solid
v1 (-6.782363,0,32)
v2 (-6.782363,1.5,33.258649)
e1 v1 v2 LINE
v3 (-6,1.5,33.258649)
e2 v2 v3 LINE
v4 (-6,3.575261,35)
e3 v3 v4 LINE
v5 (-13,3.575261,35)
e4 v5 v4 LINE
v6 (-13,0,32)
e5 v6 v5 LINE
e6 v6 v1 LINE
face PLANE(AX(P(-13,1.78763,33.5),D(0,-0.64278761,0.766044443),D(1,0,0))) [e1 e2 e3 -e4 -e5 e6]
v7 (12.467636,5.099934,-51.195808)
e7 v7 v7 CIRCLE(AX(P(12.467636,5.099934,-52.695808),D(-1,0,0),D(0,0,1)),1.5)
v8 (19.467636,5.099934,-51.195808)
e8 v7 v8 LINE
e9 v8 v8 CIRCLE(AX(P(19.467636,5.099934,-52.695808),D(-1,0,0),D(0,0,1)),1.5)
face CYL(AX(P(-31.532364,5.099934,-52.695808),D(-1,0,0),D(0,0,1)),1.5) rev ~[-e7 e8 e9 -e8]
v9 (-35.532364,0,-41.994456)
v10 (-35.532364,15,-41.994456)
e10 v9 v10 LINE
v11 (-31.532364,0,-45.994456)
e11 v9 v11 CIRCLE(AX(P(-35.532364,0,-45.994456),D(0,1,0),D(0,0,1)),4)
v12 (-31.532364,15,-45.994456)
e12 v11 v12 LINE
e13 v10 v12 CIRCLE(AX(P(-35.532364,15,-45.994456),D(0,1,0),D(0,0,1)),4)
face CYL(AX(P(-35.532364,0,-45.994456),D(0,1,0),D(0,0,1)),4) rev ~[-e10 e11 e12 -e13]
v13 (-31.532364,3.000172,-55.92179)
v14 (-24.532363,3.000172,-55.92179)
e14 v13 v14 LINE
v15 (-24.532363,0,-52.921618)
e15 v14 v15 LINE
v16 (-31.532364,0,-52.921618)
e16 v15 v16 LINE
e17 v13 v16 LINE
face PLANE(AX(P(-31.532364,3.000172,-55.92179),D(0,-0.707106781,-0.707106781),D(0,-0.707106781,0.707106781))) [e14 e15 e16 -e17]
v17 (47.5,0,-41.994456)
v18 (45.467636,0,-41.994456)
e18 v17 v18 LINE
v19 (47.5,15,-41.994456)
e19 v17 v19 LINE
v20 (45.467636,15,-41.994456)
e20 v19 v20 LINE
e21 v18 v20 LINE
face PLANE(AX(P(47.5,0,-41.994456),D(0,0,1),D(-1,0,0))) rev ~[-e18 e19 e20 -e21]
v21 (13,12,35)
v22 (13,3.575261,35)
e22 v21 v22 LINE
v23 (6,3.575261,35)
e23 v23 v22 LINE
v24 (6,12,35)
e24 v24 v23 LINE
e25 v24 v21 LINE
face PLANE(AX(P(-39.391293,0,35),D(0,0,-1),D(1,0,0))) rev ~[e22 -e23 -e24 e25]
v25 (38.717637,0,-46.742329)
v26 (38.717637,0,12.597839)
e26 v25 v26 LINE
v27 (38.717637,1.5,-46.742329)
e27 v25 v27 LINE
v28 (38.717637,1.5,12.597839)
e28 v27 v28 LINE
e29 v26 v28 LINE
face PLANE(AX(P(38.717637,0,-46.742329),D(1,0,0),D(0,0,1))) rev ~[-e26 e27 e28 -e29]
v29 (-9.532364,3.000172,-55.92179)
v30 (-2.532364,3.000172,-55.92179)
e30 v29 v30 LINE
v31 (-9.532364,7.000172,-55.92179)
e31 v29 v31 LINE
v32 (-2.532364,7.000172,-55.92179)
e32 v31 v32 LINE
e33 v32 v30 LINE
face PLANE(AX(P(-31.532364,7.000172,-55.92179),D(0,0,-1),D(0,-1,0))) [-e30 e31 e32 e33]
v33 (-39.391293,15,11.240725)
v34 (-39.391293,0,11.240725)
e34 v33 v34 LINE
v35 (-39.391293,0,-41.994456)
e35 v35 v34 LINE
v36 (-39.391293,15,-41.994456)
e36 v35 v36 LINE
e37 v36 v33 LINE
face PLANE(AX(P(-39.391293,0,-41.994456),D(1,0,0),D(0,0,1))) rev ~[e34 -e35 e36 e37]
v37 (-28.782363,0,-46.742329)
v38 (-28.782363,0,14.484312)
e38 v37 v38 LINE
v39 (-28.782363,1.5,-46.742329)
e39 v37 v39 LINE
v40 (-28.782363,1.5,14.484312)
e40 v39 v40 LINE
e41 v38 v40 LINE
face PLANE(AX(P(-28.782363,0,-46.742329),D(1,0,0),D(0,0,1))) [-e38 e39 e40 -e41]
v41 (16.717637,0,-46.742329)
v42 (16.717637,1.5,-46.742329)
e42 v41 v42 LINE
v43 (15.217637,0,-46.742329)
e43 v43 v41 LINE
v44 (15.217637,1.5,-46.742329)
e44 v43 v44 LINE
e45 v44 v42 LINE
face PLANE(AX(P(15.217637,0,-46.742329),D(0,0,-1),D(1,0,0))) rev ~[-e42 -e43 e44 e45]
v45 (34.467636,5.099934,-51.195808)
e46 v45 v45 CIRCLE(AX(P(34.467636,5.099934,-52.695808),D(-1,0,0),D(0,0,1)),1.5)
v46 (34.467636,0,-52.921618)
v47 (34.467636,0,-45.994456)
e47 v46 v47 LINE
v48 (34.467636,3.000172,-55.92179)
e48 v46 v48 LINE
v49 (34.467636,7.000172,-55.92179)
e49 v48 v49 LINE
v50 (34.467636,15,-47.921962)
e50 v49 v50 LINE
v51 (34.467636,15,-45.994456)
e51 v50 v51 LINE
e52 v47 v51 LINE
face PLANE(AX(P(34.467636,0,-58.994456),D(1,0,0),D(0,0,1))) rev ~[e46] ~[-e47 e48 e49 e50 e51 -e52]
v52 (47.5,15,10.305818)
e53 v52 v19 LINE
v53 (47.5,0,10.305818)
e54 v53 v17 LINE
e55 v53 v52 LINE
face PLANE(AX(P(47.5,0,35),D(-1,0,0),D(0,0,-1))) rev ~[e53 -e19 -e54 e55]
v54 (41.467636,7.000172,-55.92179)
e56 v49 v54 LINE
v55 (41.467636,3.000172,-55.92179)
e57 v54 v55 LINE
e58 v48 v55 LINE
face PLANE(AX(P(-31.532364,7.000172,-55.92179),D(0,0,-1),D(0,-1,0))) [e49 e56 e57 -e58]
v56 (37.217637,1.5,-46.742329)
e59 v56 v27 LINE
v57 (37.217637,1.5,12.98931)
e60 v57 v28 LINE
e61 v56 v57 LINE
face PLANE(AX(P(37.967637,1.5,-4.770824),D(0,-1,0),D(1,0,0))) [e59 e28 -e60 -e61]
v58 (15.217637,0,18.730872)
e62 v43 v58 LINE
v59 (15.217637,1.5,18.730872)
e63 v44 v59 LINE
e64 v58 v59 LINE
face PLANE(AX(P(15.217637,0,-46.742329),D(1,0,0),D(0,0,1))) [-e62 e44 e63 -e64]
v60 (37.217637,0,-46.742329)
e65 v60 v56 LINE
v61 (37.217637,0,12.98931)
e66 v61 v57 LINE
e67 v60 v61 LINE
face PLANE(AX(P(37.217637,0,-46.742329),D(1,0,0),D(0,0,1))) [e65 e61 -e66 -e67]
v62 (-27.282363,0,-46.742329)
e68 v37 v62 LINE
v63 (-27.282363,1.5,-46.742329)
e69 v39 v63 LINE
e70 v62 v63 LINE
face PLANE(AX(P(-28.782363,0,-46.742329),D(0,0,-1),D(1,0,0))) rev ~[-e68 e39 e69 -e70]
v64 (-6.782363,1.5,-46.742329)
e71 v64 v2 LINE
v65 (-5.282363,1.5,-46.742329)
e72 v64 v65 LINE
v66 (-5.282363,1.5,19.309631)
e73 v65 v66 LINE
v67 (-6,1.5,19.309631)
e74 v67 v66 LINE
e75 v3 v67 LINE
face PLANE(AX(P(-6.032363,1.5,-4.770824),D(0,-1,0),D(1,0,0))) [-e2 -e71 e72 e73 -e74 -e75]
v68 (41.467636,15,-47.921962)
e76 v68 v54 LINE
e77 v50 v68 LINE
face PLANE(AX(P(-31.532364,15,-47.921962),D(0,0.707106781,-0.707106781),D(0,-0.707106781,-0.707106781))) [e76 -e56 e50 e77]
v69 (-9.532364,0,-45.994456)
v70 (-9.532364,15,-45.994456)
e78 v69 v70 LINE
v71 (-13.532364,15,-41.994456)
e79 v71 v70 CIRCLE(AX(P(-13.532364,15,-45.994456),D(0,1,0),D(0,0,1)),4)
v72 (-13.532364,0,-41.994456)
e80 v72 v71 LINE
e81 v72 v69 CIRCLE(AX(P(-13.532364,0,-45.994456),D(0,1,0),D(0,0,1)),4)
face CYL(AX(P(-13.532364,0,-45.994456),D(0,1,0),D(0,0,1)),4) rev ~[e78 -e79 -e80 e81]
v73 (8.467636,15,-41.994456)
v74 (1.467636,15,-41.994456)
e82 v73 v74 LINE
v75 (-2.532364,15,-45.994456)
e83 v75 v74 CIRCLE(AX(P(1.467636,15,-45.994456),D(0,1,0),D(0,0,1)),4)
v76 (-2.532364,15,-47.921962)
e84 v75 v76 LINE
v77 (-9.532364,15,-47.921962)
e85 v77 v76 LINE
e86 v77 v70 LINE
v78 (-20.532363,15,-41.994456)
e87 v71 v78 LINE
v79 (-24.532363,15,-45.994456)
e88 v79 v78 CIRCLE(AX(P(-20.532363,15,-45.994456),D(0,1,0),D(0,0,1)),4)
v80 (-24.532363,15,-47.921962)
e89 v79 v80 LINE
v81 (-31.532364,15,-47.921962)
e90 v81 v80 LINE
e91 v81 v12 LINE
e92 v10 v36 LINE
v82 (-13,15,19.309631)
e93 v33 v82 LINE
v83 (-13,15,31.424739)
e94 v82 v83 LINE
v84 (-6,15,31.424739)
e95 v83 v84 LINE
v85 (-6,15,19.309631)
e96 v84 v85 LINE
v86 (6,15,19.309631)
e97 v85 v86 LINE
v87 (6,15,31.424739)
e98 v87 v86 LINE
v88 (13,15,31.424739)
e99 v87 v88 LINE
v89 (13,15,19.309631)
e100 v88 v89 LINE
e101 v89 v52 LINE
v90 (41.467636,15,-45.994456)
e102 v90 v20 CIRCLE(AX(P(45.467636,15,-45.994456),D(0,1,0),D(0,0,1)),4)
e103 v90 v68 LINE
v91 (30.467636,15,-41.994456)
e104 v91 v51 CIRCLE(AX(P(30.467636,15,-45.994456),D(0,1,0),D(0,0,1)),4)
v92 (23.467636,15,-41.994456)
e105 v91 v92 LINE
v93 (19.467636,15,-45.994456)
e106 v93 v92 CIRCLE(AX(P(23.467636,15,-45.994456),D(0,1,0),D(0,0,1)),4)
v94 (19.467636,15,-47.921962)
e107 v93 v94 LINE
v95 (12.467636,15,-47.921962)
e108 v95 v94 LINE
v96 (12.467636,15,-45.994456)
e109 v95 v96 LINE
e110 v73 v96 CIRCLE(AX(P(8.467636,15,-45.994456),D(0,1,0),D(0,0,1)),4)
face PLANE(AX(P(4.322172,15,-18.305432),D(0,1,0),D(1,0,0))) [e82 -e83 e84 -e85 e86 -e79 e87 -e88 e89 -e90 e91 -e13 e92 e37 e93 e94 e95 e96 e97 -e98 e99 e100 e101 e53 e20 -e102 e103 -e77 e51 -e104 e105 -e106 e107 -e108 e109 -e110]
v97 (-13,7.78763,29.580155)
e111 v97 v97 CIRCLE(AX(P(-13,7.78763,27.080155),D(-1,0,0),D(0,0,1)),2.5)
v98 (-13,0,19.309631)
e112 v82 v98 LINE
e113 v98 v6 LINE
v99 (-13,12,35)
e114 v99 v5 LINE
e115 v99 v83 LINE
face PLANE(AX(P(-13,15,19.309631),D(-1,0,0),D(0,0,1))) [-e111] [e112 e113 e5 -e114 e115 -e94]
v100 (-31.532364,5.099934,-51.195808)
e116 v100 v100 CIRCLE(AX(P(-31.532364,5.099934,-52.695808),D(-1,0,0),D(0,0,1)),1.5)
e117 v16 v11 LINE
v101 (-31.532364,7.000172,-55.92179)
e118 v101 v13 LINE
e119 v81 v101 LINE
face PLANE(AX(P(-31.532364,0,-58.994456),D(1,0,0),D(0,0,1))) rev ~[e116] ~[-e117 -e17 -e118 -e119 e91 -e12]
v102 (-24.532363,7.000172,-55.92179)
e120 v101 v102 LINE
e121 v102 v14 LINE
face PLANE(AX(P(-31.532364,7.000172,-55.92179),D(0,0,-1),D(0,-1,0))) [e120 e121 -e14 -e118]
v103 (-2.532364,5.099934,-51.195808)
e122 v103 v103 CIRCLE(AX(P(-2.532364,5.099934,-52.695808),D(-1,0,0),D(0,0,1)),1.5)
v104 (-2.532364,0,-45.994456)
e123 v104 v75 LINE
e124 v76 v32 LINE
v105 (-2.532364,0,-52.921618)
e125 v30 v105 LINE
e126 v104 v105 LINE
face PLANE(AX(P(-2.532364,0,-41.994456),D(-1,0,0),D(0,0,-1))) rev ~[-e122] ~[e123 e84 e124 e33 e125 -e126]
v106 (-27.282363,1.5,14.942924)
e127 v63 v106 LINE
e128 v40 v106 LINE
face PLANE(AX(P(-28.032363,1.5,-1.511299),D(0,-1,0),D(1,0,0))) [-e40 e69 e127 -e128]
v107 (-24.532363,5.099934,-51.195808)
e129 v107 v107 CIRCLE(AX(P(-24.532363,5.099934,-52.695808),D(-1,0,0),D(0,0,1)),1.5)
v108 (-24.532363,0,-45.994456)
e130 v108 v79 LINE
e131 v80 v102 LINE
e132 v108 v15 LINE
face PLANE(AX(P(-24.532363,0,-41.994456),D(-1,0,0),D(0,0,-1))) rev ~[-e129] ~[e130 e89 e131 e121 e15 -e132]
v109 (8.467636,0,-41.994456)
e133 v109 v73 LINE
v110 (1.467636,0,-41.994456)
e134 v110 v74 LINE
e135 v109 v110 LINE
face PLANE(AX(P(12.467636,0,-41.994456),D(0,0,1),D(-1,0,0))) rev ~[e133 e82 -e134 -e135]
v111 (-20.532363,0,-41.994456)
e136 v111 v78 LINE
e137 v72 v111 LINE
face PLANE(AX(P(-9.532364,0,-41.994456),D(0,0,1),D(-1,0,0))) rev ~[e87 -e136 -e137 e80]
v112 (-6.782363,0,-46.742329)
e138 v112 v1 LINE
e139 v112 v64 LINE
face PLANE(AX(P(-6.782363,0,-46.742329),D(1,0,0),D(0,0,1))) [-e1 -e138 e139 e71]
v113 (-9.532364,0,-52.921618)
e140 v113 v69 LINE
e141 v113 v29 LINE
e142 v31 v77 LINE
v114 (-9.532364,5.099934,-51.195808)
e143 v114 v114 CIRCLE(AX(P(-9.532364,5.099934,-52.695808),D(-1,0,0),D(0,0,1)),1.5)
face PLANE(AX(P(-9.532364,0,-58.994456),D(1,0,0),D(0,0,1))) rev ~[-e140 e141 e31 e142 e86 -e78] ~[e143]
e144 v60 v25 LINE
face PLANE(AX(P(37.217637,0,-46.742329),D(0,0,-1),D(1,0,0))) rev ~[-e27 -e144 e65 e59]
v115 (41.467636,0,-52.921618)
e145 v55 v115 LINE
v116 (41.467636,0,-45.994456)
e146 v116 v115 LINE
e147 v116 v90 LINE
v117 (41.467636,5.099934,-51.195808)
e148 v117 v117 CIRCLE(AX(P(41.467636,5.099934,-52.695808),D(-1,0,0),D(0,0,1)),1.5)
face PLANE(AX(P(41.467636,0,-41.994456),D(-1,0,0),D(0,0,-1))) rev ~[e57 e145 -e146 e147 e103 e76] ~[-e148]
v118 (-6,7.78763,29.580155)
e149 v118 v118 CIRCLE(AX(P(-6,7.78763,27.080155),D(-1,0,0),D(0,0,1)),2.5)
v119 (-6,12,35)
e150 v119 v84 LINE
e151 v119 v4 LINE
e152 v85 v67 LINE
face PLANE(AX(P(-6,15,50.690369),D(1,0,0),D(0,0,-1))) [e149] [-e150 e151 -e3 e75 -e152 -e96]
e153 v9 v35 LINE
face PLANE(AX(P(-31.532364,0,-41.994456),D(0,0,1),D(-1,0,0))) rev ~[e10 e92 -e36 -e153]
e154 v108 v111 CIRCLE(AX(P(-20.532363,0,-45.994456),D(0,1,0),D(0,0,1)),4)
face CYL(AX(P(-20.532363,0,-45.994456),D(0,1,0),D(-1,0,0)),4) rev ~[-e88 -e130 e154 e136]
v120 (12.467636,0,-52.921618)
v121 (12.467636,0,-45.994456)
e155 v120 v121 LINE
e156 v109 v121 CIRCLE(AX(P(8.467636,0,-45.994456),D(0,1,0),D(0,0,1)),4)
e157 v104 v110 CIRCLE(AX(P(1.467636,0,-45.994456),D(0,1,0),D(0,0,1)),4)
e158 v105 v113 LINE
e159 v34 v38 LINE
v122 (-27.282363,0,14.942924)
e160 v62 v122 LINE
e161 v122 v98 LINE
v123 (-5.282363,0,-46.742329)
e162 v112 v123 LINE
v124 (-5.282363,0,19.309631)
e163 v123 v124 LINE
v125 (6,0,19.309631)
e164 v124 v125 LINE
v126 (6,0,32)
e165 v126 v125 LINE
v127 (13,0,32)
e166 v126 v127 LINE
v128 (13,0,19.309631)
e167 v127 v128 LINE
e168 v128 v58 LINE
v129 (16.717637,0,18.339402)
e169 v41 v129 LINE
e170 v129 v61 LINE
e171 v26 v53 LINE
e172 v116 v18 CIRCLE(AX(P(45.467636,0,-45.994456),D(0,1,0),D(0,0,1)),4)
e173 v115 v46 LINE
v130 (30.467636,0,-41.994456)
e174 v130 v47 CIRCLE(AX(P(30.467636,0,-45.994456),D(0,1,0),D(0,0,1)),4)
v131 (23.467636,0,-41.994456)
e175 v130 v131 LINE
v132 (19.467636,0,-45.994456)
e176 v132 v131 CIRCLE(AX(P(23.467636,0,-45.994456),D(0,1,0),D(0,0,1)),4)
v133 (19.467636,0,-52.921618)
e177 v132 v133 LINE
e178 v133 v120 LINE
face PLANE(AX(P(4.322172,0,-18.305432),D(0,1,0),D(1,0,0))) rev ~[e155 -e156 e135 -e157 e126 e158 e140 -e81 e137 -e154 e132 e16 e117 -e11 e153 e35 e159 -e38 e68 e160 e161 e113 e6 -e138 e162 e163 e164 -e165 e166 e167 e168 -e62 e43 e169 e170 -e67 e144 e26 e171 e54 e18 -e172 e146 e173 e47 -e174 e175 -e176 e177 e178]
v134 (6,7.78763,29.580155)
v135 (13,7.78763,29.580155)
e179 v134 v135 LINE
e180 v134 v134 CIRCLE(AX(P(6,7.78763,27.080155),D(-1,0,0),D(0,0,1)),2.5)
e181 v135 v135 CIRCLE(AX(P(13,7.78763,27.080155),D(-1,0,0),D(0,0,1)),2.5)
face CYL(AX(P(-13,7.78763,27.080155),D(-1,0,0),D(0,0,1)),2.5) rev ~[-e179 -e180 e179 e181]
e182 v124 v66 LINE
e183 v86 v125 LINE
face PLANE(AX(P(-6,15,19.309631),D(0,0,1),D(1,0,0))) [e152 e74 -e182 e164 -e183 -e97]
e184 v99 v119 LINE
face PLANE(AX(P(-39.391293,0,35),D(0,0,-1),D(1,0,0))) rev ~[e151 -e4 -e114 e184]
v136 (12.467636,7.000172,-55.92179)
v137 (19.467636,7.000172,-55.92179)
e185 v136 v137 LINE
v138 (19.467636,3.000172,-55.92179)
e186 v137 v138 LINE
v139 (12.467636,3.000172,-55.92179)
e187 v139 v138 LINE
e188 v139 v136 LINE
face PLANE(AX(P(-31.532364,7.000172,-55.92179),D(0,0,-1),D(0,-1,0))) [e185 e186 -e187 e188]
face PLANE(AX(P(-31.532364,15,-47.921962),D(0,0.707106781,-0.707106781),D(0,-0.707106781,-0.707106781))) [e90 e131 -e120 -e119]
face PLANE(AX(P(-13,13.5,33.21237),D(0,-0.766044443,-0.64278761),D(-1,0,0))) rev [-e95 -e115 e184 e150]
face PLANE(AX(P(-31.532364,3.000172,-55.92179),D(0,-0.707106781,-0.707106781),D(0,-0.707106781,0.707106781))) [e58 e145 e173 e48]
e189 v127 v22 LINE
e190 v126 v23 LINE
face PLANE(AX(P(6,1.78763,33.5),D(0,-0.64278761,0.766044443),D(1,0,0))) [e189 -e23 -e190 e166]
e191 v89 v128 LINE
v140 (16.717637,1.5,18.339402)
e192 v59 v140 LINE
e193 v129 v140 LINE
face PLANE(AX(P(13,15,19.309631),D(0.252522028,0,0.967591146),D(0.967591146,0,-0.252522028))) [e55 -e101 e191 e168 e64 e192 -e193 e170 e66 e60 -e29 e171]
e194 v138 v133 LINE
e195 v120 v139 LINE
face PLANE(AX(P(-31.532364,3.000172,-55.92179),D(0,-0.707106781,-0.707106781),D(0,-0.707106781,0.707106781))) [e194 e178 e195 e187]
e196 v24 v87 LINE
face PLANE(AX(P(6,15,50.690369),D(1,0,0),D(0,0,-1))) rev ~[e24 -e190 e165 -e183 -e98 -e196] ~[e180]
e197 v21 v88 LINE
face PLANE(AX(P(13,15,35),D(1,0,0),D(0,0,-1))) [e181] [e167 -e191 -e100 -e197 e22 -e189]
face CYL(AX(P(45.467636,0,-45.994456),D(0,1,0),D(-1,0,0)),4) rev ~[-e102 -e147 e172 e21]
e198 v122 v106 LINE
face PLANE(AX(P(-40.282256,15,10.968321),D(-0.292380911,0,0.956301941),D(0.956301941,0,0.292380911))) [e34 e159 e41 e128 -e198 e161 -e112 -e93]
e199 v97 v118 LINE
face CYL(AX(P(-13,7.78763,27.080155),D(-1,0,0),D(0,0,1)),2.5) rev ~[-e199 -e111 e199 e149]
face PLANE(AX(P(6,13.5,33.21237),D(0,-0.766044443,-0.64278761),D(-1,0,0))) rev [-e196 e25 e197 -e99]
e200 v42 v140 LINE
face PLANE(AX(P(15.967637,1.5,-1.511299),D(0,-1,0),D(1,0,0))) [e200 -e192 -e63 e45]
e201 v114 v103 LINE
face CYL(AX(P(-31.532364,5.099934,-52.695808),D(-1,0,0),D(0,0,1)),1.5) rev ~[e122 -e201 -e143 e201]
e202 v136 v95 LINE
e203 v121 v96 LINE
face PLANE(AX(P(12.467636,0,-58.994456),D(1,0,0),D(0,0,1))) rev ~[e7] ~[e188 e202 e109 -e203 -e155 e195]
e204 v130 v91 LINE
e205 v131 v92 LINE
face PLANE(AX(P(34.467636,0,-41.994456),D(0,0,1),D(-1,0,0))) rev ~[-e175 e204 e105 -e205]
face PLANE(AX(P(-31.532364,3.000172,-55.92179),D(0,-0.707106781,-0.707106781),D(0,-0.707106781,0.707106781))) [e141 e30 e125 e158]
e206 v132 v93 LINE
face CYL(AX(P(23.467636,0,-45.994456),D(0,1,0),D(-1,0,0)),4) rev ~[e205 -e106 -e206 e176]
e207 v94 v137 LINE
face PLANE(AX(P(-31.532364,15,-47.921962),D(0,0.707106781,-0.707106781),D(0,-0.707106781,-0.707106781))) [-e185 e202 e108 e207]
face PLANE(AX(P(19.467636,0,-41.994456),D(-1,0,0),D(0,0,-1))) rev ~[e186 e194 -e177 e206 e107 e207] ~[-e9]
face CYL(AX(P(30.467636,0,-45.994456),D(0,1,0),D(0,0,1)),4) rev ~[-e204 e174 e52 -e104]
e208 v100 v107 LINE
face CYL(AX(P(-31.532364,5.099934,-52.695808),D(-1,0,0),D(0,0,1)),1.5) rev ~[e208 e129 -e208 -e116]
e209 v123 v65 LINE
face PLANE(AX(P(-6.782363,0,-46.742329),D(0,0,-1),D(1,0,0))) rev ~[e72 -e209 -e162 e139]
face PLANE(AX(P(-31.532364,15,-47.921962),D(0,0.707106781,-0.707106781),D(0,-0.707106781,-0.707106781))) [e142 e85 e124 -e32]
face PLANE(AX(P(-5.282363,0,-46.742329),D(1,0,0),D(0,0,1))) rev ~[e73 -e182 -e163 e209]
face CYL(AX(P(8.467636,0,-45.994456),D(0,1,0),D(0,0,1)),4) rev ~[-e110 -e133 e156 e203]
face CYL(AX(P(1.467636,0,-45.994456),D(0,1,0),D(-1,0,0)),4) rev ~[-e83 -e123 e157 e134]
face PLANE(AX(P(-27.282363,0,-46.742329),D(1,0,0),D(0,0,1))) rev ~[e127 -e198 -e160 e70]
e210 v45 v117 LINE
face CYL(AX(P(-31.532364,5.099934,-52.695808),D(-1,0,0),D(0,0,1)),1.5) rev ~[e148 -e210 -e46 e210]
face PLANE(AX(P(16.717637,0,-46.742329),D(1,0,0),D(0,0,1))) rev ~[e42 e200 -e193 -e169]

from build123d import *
from OCP.BRepFilletAPI import BRepFilletAPI_MakeChamfer

# Parameters (mm, degrees)
EXTRUDE_1_DEPTH       = 15
SKETCH_2_W            = 12
SKETCH_2_H            = 31.380738368
CUT_EXTRUDE_2_DEPTH   = 78.211371281
CHAMFER_1_SIZE        = 3
CHAMFER_1_SIZE2       = 3.575260778
SKETCH_4_R            = 2.5
CUT_EXTRUDE_3_DEPTH   = 86.823049672
SKETCH_8_R            = 1.5
CUT_EXTRUDE_3_2_DEPTH = 100.757006451
CUT_EXTRUDE_4_DEPTH   = 100.757006451
SKETCH_11_W           = 1.5
SKETCH_11_H           = 83.943010544
SKETCH_11_H_2         = 90.462059893
CUT_EXTRUDE_6_DEPTH   = 1.5
FILLET_7_R            = 4


with BuildPart() as part:
    # Эскиз1 → Вытянуть1 (new body)
    with BuildSketch(Plane(origin=(0, 0, 0), x_dir=(1, 0, 0), z_dir=(0, 1, 0))):
        Polygon((-39.391292545, -35), (47.5, -35), (47.5, 41.994456138), (41.467636093, 41.994456138), (41.467636093, 58.994456138), (34.467636093, 58.994456138), (34.467636093, 41.994456138), (19.467636417, 41.994456138), (19.467636417, 58.994456138), (12.467636275, 58.994456138), (12.467636275, 41.994456138), (-2.532363543, 41.994456138), (-2.532363543, 58.994456138), (-9.532363543, 58.994456138), (-9.532363543, 41.994456138), (-24.532363361, 41.994456138), (-24.532363361, 58.994456138), (-31.532363503, 58.994456138), (-31.532363503, 41.994456138), (-39.391292545, 41.994456138), align=None)
    extrude(amount=EXTRUDE_1_DEPTH)

    # Эскиз2 → Вытянуть2 (cut, through all)
    with BuildSketch(Plane(origin=(0, 15, 0), x_dir=(1, 0, 0), z_dir=(0, 1, 0))):
        with Locations((0, -35)):
            Rectangle(SKETCH_2_W, SKETCH_2_H)
        Polygon((-40.282255649, -10.968321), (-13, -19.309630816), (-13, -35), (-40.282255649, -35), align=None)
        Polygon((49.575798338, -35), (13, -35), (13, -19.309630816), (49.575798338, -9.764075531), align=None)
    extrude(amount=-CUT_EXTRUDE_2_DEPTH, mode=Mode.SUBTRACT)

    # Фаска1: one chamfer whose edges measure the first distance from different faces: ONE call of the kernel's chamfer builder (chamfer() names one face for all edges)
    chamfer_1_edges_1 = [part.edges().sort_by_distance(p)[0] for p in [
        (9.5, 0, 35),
        (-9.5, 0, 35),
    ]]
    chamfer_1_side_1 = [part.faces().sort_by_distance(p)[0] for p in [
        (3.754326558, 0, -14.37188085),
    ]]
    chamfer_1_edges_2 = [part.edges().sort_by_distance(p)[0] for p in [
        (9.5, 15, 35),
    ]]
    chamfer_1_side_2 = [part.faces().sort_by_distance(p)[0] for p in [
        (9.5, 7.5, 35),
    ]]
    chamfer_1_edges_3 = [part.edges().sort_by_distance(p)[0] for p in [
        (-9.5, 15, 35),
    ]]
    chamfer_1_side_3 = [part.faces().sort_by_distance(p)[0] for p in [
        (-9.5, 7.5, 35),
    ]]
    chamfer_1 = BRepFilletAPI_MakeChamfer(part.part.solid().wrapped)
    for e in chamfer_1_edges_1:
        chamfer_1.Add(CHAMFER_1_SIZE, CHAMFER_1_SIZE2, e.wrapped, chamfer_1_side_1[0].wrapped)  # the first distance lies on this face
    for e in chamfer_1_edges_2:
        chamfer_1.Add(CHAMFER_1_SIZE, CHAMFER_1_SIZE2, e.wrapped, chamfer_1_side_2[0].wrapped)  # the first distance lies on this face
    for e in chamfer_1_edges_3:
        chamfer_1.Add(CHAMFER_1_SIZE, CHAMFER_1_SIZE2, e.wrapped, chamfer_1_side_3[0].wrapped)  # the first distance lies on this face
    add(Compound.cast(chamfer_1.Shape()), mode=Mode.REPLACE)

    # Эскиз4 → Cut-Extrude 3 (cut, through all)
    with BuildSketch(Plane.ZY.offset(13)):
        with Locations((27.080154825, 7.787630389)):
            Circle(SKETCH_4_R)
    extrude(amount=-CUT_EXTRUDE_3_DEPTH, mode=Mode.SUBTRACT)

    # Эскиз8 → Cut-Extrude 3 2 (cut, through all)
    with BuildSketch(Plane.ZY.offset(31.532363503)):
        with Locations((-52.695808176, 5.099933888)):
            Circle(SKETCH_8_R)
    extrude(amount=-CUT_EXTRUDE_3_2_DEPTH, mode=Mode.SUBTRACT)

    # Эскиз9 → Вырез-Вытянуть4 (cut, through all)
    with BuildSketch(Plane.ZY.offset(31.532363503)):
        Polygon((-47.921961808, 15), (-55.921789721, 7.000172087), (-55.921789721, 3.000172087), (-52.921609925, -7.709e-06), (-58.994456138, -7.709e-06), (-58.994456138, 15), align=None)
    extrude(amount=-CUT_EXTRUDE_4_DEPTH, mode=Mode.SUBTRACT)

    # Эскиз11 → Вырез-Вытянуть6 (cut)
    with BuildSketch(Plane.XZ):
        with Locations((37.967637049, -4.77082371)):
            Rectangle(SKETCH_11_W, SKETCH_11_H)
        with Locations((-6.032362804, -4.77082371)):
            Rectangle(SKETCH_11_W, SKETCH_11_H)
        with Locations((15.967637122, -1.511299036)):
            Rectangle(SKETCH_11_W, SKETCH_11_H_2)
        with Locations((-28.032362511, -1.511299036)):
            Rectangle(SKETCH_11_W, SKETCH_11_H_2)
    extrude(amount=-CUT_EXTRUDE_6_DEPTH, mode=Mode.SUBTRACT)

    # Скругление7
    fillet_7_edges = [part.edges().sort_by_distance(p)[0] for p in [
        (41.467636093, 7.5, -41.994456138),
        (34.467636093, 7.5, -41.994456138),
        (19.467636417, 7.5, -41.994456138),
        (12.467636275, 7.5, -41.994456138),
        (-2.532363543, 7.5, -41.994456138),
        (-9.532363543, 7.5, -41.994456138),
        (-24.532363361, 7.5, -41.994456138),
        (-31.532363503, 7.5, -41.994456138),
    ]]
    fillet(fillet_7_edges, radius=FILLET_7_R)


solid = part.part
